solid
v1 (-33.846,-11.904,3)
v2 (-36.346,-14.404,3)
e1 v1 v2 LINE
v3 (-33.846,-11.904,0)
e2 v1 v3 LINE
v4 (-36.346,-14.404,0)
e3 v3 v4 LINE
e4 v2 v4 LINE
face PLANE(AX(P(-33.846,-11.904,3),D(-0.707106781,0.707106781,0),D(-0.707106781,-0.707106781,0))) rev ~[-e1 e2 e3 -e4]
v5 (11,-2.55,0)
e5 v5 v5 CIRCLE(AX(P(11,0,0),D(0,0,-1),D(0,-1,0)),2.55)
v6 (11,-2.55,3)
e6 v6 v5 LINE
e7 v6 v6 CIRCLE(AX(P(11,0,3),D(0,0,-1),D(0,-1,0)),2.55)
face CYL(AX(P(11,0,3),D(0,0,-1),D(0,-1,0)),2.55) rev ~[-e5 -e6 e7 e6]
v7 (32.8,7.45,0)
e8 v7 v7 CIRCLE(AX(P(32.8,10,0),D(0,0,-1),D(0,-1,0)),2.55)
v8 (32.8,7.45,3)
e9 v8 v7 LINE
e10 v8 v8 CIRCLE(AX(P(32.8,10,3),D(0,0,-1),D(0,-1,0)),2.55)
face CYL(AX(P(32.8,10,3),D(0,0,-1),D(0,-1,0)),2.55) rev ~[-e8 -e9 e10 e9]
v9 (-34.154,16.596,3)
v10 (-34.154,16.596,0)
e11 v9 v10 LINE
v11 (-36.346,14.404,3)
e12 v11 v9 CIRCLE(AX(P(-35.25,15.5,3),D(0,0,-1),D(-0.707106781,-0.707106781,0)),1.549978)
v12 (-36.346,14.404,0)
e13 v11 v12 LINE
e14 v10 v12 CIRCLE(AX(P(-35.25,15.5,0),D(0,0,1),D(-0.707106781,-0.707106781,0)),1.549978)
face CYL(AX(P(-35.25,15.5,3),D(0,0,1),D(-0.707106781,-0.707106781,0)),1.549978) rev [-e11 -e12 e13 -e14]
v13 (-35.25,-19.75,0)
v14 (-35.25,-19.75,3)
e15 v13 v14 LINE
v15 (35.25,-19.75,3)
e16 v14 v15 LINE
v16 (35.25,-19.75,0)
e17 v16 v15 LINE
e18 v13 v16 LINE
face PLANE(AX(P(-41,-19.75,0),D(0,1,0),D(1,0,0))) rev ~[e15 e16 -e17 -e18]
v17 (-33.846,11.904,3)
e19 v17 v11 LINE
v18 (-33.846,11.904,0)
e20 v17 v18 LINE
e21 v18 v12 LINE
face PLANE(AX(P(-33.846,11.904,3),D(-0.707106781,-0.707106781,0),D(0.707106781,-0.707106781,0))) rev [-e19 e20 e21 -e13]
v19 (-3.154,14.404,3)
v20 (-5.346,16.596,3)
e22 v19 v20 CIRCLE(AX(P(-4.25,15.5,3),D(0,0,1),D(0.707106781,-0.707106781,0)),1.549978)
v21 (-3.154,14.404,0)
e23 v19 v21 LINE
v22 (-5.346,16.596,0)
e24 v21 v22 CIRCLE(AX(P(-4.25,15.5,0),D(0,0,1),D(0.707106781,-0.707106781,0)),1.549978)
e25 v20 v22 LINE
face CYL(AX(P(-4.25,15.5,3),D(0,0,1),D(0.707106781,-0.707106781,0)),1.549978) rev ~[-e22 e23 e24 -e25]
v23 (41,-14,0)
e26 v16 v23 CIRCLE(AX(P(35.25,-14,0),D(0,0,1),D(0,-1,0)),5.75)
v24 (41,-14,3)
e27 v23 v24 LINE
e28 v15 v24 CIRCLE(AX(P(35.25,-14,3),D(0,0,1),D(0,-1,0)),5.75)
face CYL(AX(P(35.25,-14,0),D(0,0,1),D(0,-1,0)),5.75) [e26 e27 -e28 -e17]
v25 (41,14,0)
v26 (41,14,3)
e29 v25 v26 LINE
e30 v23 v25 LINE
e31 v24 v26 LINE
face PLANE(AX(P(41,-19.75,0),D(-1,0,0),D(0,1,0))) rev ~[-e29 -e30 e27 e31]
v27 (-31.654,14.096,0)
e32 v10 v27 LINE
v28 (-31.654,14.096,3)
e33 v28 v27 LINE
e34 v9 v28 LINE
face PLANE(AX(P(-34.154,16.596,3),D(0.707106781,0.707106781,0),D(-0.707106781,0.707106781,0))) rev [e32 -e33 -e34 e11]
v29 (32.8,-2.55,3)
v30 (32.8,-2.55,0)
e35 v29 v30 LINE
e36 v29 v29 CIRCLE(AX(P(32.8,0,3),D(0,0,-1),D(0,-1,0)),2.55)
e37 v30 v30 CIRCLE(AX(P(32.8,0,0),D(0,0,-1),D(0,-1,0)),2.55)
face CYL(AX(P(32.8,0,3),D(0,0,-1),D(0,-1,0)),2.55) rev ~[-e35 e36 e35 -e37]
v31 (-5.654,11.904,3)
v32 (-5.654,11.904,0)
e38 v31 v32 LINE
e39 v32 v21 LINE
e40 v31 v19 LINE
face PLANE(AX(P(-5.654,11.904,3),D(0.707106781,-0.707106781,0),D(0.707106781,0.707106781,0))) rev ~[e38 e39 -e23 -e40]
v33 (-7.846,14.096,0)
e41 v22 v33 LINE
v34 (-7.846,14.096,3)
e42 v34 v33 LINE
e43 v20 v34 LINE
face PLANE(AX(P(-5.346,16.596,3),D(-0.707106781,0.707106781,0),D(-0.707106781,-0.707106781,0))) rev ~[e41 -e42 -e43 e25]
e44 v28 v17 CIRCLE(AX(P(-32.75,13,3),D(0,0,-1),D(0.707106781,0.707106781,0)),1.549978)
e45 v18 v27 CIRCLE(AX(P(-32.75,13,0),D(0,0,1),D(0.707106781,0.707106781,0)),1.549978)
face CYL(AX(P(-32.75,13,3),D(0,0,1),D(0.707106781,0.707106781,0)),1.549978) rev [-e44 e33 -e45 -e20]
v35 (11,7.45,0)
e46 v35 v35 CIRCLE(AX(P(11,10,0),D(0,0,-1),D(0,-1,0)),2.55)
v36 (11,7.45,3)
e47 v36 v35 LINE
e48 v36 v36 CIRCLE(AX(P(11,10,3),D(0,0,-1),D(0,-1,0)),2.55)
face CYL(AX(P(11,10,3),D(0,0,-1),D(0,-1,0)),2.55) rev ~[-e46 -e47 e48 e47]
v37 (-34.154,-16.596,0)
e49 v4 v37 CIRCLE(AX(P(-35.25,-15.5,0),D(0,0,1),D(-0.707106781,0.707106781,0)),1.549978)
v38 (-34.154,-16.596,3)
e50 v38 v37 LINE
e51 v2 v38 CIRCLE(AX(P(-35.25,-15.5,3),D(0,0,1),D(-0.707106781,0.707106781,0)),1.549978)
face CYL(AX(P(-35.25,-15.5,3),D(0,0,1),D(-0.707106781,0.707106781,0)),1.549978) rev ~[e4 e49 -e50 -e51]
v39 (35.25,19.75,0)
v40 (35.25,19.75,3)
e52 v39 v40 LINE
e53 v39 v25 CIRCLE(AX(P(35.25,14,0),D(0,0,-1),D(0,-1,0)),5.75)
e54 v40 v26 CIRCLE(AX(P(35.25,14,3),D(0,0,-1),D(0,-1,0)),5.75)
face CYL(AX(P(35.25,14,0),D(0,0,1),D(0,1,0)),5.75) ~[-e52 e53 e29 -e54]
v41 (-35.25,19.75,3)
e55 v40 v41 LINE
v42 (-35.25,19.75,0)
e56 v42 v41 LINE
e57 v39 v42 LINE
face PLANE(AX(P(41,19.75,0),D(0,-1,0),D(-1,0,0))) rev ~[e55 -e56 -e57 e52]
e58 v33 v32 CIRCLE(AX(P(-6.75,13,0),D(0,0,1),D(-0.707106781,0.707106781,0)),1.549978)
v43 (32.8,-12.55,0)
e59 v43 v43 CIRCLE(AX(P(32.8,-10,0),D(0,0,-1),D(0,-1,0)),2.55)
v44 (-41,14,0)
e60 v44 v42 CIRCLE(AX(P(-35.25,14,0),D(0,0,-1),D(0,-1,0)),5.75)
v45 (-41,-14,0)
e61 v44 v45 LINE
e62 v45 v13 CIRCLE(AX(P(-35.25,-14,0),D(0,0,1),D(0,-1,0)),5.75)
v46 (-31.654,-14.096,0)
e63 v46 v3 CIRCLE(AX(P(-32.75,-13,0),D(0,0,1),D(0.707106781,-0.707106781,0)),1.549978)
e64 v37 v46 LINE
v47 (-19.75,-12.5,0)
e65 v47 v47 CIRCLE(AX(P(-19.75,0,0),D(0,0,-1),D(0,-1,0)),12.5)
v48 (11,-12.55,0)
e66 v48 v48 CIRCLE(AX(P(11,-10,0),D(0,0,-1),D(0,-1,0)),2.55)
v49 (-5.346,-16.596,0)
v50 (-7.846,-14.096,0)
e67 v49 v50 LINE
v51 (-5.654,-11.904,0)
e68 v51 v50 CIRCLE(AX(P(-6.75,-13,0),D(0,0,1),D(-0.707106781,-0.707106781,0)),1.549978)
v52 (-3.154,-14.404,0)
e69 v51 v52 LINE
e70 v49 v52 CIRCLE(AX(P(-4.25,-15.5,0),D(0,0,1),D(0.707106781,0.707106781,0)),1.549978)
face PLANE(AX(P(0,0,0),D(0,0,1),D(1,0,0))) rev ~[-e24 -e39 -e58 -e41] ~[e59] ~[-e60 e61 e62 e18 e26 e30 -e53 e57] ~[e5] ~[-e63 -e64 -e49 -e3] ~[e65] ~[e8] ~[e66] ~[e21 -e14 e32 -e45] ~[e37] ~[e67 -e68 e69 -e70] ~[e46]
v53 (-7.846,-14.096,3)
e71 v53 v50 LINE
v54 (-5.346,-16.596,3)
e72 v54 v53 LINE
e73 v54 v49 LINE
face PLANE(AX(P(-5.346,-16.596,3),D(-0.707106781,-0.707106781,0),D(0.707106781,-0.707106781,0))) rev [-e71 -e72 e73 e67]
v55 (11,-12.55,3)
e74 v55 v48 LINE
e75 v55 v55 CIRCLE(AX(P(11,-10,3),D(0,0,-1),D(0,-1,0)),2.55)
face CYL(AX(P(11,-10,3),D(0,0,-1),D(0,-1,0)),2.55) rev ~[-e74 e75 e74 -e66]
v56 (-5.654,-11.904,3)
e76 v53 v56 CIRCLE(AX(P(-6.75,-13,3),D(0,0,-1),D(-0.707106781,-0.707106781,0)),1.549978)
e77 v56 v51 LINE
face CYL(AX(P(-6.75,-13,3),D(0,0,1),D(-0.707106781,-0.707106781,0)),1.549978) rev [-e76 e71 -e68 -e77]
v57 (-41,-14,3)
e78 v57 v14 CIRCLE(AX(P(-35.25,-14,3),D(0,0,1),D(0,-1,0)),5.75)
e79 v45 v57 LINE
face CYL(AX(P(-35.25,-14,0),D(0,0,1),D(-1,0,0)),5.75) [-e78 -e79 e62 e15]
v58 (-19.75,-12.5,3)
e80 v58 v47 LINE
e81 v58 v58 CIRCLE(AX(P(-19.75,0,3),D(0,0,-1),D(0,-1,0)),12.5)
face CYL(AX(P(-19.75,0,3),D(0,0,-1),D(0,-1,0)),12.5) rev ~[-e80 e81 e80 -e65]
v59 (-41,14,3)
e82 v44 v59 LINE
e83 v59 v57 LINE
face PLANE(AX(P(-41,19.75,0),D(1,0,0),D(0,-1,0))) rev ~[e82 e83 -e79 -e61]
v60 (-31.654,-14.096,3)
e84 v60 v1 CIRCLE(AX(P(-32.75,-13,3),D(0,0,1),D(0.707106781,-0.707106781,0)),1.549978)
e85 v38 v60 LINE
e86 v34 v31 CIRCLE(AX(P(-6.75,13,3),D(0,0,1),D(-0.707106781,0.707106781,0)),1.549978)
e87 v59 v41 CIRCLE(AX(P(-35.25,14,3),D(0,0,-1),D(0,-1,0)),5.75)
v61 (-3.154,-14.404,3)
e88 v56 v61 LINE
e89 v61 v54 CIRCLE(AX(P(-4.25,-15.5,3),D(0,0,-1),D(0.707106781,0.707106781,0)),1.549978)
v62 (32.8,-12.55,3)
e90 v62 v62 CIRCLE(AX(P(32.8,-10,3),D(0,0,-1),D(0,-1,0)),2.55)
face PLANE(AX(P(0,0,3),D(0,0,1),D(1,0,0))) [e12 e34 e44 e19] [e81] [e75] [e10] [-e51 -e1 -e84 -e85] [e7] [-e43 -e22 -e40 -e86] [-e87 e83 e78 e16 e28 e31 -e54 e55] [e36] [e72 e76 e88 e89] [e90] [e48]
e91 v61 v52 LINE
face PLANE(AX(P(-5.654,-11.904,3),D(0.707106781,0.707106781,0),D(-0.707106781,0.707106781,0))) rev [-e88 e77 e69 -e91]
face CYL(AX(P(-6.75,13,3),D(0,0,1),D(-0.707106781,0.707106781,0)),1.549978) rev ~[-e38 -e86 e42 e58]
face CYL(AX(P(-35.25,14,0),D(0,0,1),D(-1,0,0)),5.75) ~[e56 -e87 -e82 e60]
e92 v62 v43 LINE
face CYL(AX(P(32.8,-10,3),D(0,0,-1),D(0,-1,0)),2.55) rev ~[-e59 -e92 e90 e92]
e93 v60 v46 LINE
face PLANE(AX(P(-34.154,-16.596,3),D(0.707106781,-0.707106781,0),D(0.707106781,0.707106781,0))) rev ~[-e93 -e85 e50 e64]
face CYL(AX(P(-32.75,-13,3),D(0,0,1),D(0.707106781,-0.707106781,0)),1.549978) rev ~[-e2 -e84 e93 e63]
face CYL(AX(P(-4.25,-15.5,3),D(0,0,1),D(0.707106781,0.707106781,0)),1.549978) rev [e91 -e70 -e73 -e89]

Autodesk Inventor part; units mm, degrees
ref_plane "YZ Plane" through (0, 0, 0) normal (1, 0, 0) x (0, 1, 0)
sketch "Sketch1" plane through (0, 0, 0) normal (0, 0, 1) x (1, 0, 0)
  line L0 (-41, -19.75) -> (41, -19.75)
  line L1 (41, -19.75) -> (41, 19.75)
  line L2 (41, 19.75) -> (-41, 19.75)
  line L3 (-41, 19.75) -> (-41, -19.75)
  line L4 (-41, -19.75) -> (41, 19.75) construction
  line L5 (41, -19.75) -> (-41, 19.75) construction
  point P0 (0, 0)
  dimension "d0" = 82
  dimension "d1" = 39.5
extrude "Extrusion1" add sketch "Sketch1" along normal blind 3
sketch "Sketch2" plane through (0, 0, 3) normal (0, 0, 1) x (1, 0, 0)
  line L0 (-41, -19.75) -> (41, -19.75) projected
  line L1 (41, -19.75) -> (41, 19.75) projected
  line L2 (41, 19.75) -> (-41, 19.75) projected
  line L3 (-41, 19.75) -> (-41, -19.75) projected
  line L4 (-41, 0) -> (41, 0) construction
  line L5 (-19.75, 19.75) -> (-19.75, -19.75) construction
  point P0 (0, 0)
  point P1 (-19.75, 0)
  dimension "d4" = 21.25
hole "Hole1" at (-19.75, 0, 3) direction (0, 0, -1) diameter 25 end through all
sketch "Sketch3" plane through (0, 0, 3) normal (0, 0, 1) x (1, 0, 0)
  circle A0 centre (-19.75, 0) radius 12.5 projected
  line L0 (-41, -19.75) -> (41, -19.75) projected
  line L1 (41, 19.75) -> (-41, 19.75) projected
  line L2 (-41, 19.75) -> (-41, -19.75) projected
  line L3 (-19.75, 0) -> (8.1807, 0) construction
  line L4 (-19.75, 0) -> (0, 19.75) construction
  line L5 (-19.75, 0) -> (8.1807, 0) construction
  line L6 (-19.75, 0) -> (0, -19.75) construction
  line L7 (-19.75, 0) -> (-39.5, 19.75) construction
  line L8 (-19.75, 0) -> (-39.5, -19.75) construction
  arc A1 (-31.654, -14.096) -> (-33.846, -11.904) centre (-32.75, -13) ccw
  arc A2 (-36.346, -14.404) -> (-34.154, -16.596) centre (-35.25, -15.5) ccw
  line L9 (-33.846, -11.904) -> (-36.346, -14.404)
  line L10 (-34.154, -16.596) -> (-31.654, -14.096)
  point P0 (0, 0)
  dimension "d13" = 45
  dimension "d14" = 5.75
  dimension "d15" = 8.25
  dimension "d16" = 35.25
  dimension "d17" = 32.75
  dimension "d18" = 3.1
  dimension "d19" = 3.1
extrude "Extrusion2" cut sketch "Sketch3" against normal through all contours L10 A2 L9 A1
ref_plane "Work Plane1" through (-41, 0, 0) normal (0, 1, 0) x (1, 0, 0)
ref_plane "Work Plane2" through (-19.75, 0, 3) normal (-1, 0, 0) x (0, 0, 1)
mirror "Mirror1" about plane through (-19.75, 0, 3) normal (-1, 0, 0) of "Extrusion2"
mirror "Mirror2" about plane through (-41, 0, 0) normal (0, 1, 0) of "Extrusion2", "Mirror1"
sketch "Sketch4" plane through (0, 0, 3) normal (0, 0, 1) x (1, 0, 0)
  circle A0 centre (-19.75, 0) radius 12.5 projected
  line L0 (-41, -19.75) -> (41, -19.75) projected
  line L1 (41, -19.75) -> (41, 19.75) projected
  line L2 (41, 19.75) -> (-41, 19.75) projected
  line L3 (-41, 19.75) -> (-41, -19.75) projected
  line L4 (11, 19.75) -> (11, -19.75) construction
  line L5 (21.9, 19.75) -> (21.9, -19.75) construction
  line L6 (41, 0) -> (-41, 0) construction
  point P0 (0, 0)
  point P1 (11, 0)
  point P2 (11, 10)
  point P3 (11, -10)
  point P4 (32.8, 0)
  point P5 (32.8, 10)
  point P6 (32.8, -10)
  dimension "d22" = 52
  dimension "d23" = 10.9
  dimension "d24" = 10
  dimension "d25" = 8.2
  dimension "d26" = 9.75
  dimension "d27" = 21.8
  dimension "d28" = 30.75
hole "Hole2" at (11, 0, 3) at (11, 10, 3) at (11, -10, 3) at (32.8, -10, 3) at (32.8, 10, 3) at (32.8, 0, 3) direction (0, 0, -1) diameter 5.1 end through all
fillet "Fillet1" radius 5.75 4 edges at (-41, 19.75, 1.5) (-41, -19.75, 1.5) (41, -19.75, 1.5) (41, 19.75, 1.5)
equation "\"d19\" = d18"
properties part number "V-Slot Motor Mount Plate" material "Aluminum 6061"
